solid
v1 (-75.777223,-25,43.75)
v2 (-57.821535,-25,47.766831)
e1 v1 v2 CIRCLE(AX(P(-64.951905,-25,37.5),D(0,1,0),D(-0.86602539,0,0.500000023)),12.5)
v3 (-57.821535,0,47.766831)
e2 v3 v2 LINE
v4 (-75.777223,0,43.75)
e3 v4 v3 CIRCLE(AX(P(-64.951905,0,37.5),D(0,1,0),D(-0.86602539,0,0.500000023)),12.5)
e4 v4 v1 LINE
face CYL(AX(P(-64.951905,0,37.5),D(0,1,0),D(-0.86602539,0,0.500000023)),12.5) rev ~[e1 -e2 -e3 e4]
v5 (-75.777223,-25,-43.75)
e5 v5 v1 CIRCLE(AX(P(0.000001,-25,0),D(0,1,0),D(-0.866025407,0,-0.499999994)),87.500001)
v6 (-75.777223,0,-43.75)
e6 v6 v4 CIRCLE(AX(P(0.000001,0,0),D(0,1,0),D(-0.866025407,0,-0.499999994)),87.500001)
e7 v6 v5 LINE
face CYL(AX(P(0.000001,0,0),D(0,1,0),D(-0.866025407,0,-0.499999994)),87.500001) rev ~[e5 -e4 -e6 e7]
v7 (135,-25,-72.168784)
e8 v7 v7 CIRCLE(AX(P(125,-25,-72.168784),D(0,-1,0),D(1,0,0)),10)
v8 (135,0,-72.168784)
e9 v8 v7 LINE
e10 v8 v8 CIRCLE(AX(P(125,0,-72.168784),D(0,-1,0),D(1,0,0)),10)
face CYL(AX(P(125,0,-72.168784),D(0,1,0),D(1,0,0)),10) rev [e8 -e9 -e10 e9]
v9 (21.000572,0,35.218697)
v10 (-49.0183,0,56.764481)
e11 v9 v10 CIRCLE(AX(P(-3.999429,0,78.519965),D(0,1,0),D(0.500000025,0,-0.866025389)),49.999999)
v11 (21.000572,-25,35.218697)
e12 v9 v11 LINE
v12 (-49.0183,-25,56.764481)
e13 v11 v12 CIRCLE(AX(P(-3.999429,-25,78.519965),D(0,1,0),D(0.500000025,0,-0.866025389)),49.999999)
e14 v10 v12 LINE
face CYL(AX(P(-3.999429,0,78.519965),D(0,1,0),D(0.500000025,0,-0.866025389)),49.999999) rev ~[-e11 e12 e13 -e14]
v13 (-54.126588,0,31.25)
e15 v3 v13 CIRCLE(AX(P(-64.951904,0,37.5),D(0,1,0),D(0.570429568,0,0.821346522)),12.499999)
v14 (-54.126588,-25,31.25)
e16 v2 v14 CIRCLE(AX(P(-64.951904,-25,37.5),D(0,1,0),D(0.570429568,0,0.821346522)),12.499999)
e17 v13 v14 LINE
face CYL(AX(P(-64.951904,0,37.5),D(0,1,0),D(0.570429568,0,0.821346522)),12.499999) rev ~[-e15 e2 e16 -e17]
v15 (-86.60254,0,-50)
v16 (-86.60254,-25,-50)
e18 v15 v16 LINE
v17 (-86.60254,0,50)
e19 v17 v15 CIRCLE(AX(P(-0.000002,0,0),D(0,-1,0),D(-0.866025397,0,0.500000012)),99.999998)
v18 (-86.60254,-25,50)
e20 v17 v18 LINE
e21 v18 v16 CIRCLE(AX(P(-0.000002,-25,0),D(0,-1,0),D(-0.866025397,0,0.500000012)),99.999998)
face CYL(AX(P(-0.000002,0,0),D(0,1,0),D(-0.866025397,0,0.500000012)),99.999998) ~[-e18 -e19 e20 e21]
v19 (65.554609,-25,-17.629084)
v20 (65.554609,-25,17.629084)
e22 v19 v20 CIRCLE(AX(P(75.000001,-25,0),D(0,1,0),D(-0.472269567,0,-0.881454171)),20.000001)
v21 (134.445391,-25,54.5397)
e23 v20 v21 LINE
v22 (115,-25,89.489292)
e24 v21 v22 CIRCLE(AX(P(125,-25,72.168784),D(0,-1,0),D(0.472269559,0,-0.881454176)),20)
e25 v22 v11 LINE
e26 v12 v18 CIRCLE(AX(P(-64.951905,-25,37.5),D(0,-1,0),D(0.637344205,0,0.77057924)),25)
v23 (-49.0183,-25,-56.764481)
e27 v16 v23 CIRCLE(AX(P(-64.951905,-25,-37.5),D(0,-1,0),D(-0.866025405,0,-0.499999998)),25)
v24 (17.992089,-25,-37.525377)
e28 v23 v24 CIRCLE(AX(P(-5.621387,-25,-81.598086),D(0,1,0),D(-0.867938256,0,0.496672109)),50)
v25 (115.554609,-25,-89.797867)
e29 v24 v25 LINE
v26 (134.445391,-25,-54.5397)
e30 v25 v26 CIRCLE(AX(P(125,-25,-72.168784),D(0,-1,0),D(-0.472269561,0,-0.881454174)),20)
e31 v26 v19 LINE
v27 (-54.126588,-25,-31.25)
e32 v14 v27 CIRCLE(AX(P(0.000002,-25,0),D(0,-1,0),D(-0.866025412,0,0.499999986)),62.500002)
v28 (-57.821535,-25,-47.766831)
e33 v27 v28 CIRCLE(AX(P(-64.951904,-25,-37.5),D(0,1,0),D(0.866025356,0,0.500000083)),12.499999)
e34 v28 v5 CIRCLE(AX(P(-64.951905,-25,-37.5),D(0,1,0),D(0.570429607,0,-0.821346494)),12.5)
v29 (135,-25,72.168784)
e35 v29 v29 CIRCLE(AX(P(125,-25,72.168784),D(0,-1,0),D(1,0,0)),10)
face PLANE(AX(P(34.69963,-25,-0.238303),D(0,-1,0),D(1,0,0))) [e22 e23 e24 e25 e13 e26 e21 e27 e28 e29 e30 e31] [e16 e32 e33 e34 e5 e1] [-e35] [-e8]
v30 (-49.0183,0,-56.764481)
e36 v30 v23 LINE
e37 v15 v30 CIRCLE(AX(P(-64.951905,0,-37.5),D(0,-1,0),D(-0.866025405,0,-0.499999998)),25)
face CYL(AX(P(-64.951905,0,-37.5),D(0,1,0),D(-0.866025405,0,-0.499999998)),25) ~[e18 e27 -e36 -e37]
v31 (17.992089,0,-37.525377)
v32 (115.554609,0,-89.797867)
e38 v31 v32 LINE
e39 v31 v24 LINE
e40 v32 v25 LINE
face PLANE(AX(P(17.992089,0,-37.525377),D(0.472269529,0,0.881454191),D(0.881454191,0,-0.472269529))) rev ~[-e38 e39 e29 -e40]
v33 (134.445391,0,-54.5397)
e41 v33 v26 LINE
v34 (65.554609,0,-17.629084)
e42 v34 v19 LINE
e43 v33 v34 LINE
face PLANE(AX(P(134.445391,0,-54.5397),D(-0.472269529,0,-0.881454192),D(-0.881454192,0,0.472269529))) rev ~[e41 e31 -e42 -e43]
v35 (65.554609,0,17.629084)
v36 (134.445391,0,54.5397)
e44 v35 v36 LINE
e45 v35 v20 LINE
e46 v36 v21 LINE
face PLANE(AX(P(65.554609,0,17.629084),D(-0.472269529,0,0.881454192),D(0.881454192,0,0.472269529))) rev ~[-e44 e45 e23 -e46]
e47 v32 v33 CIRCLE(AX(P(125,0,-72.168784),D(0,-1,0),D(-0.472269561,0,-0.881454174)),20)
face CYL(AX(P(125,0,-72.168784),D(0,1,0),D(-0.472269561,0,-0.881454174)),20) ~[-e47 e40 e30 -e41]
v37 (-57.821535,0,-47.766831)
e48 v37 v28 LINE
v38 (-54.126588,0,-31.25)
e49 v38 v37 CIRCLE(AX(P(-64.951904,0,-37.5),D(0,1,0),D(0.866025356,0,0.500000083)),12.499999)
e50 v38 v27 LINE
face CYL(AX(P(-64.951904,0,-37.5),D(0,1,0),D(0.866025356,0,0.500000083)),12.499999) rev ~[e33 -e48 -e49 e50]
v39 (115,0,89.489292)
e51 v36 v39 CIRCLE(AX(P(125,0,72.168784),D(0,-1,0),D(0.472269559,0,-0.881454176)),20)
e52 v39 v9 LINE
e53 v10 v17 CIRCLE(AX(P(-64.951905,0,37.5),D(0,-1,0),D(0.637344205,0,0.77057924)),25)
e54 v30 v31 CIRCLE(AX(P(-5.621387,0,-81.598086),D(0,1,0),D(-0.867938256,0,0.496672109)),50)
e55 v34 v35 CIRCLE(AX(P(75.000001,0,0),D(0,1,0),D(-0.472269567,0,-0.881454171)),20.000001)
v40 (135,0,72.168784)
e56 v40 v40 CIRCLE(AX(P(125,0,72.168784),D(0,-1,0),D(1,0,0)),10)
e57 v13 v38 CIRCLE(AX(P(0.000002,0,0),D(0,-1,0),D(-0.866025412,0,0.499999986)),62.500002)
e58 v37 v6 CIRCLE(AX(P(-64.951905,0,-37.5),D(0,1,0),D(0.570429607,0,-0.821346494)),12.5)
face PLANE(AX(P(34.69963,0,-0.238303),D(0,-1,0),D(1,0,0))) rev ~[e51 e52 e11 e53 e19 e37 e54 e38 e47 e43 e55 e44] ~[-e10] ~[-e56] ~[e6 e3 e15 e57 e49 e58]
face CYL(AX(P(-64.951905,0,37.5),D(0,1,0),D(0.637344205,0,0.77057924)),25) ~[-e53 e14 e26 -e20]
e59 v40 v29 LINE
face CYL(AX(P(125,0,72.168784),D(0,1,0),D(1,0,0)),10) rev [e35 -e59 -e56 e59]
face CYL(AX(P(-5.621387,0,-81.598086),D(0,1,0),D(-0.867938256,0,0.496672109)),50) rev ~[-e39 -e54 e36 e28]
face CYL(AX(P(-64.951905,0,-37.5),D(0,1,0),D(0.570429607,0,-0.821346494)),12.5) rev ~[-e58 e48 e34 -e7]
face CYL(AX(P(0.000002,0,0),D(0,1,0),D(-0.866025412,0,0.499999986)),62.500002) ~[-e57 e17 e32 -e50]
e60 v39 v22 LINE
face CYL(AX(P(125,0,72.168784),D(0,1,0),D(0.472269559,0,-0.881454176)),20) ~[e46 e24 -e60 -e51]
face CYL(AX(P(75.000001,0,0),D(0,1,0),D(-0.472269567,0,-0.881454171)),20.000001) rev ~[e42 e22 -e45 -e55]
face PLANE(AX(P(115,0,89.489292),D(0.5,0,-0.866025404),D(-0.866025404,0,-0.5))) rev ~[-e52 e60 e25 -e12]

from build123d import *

# Parameters (mm, degrees)
F0_R     = 10
F1_DEPTH = 25


with BuildPart() as f1:
    # F0 (on Front) → F1 (new body)
    with BuildSketch(Plane.XZ):
        with BuildLine():
            Line((65.554609, 17.629084), (134.445391, 54.5397))
            ThreePointArc((134.445391, 54.5397), (142.476996, 81.892703), (115, 89.489292))
            Line((115, 89.489292), (21.000572, 35.218697))
            ThreePointArc((21.000572, 35.218697), (-18.704666, 30.731307), (-49.0183, 56.764481))
            ThreePointArc((-49.0183, 56.764481), (-69.380297, 62.104661), (-86.60254, 50))
            ThreePointArc((-86.60254, 50), (-100, 0), (-86.60254, -50))
            ThreePointArc((-86.60254, -50), (-69.380297, -62.104661), (-49.0183, -56.764481))
            ThreePointArc((-49.0183, -56.764481), (-19.419281, -33.5396), (17.992089, -37.525377))
            Line((17.992089, -37.525377), (115.554609, -89.797867))
            ThreePointArc((115.554609, -89.797867), (142.629084, -81.614174), (134.445391, -54.5397))
            Line((134.445391, -54.5397), (65.554609, -17.629084))
            ThreePointArc((65.554609, -17.629084), (55, 0), (65.554609, 17.629084))
        make_face()
        with BuildLine():
            ThreePointArc((-75.777223, 43.75), (-67.680804, 49.698488), (-57.821535, 47.766831))
            ThreePointArc((-57.821535, 47.766831), (-52.753417, 40.228899), (-54.126588, 31.25))
            ThreePointArc((-54.126588, 31.25), (-62.5, 0), (-54.126588, -31.25))
            ThreePointArc((-54.126588, -31.25), (-52.753417, -40.228899), (-57.821535, -47.766831))
            ThreePointArc((-57.821535, -47.766831), (-67.680804, -49.698488), (-75.777223, -43.75))
            ThreePointArc((-75.777223, -43.75), (-87.5, 0), (-75.777223, 43.75))
        make_face(mode=Mode.SUBTRACT)
        with Locations((125, -72.168784)):
            Circle(F0_R, mode=Mode.SUBTRACT)
        with Locations((125, 72.168784)):
            Circle(F0_R, mode=Mode.SUBTRACT)
    extrude(amount=F1_DEPTH)


solid = f1.part
